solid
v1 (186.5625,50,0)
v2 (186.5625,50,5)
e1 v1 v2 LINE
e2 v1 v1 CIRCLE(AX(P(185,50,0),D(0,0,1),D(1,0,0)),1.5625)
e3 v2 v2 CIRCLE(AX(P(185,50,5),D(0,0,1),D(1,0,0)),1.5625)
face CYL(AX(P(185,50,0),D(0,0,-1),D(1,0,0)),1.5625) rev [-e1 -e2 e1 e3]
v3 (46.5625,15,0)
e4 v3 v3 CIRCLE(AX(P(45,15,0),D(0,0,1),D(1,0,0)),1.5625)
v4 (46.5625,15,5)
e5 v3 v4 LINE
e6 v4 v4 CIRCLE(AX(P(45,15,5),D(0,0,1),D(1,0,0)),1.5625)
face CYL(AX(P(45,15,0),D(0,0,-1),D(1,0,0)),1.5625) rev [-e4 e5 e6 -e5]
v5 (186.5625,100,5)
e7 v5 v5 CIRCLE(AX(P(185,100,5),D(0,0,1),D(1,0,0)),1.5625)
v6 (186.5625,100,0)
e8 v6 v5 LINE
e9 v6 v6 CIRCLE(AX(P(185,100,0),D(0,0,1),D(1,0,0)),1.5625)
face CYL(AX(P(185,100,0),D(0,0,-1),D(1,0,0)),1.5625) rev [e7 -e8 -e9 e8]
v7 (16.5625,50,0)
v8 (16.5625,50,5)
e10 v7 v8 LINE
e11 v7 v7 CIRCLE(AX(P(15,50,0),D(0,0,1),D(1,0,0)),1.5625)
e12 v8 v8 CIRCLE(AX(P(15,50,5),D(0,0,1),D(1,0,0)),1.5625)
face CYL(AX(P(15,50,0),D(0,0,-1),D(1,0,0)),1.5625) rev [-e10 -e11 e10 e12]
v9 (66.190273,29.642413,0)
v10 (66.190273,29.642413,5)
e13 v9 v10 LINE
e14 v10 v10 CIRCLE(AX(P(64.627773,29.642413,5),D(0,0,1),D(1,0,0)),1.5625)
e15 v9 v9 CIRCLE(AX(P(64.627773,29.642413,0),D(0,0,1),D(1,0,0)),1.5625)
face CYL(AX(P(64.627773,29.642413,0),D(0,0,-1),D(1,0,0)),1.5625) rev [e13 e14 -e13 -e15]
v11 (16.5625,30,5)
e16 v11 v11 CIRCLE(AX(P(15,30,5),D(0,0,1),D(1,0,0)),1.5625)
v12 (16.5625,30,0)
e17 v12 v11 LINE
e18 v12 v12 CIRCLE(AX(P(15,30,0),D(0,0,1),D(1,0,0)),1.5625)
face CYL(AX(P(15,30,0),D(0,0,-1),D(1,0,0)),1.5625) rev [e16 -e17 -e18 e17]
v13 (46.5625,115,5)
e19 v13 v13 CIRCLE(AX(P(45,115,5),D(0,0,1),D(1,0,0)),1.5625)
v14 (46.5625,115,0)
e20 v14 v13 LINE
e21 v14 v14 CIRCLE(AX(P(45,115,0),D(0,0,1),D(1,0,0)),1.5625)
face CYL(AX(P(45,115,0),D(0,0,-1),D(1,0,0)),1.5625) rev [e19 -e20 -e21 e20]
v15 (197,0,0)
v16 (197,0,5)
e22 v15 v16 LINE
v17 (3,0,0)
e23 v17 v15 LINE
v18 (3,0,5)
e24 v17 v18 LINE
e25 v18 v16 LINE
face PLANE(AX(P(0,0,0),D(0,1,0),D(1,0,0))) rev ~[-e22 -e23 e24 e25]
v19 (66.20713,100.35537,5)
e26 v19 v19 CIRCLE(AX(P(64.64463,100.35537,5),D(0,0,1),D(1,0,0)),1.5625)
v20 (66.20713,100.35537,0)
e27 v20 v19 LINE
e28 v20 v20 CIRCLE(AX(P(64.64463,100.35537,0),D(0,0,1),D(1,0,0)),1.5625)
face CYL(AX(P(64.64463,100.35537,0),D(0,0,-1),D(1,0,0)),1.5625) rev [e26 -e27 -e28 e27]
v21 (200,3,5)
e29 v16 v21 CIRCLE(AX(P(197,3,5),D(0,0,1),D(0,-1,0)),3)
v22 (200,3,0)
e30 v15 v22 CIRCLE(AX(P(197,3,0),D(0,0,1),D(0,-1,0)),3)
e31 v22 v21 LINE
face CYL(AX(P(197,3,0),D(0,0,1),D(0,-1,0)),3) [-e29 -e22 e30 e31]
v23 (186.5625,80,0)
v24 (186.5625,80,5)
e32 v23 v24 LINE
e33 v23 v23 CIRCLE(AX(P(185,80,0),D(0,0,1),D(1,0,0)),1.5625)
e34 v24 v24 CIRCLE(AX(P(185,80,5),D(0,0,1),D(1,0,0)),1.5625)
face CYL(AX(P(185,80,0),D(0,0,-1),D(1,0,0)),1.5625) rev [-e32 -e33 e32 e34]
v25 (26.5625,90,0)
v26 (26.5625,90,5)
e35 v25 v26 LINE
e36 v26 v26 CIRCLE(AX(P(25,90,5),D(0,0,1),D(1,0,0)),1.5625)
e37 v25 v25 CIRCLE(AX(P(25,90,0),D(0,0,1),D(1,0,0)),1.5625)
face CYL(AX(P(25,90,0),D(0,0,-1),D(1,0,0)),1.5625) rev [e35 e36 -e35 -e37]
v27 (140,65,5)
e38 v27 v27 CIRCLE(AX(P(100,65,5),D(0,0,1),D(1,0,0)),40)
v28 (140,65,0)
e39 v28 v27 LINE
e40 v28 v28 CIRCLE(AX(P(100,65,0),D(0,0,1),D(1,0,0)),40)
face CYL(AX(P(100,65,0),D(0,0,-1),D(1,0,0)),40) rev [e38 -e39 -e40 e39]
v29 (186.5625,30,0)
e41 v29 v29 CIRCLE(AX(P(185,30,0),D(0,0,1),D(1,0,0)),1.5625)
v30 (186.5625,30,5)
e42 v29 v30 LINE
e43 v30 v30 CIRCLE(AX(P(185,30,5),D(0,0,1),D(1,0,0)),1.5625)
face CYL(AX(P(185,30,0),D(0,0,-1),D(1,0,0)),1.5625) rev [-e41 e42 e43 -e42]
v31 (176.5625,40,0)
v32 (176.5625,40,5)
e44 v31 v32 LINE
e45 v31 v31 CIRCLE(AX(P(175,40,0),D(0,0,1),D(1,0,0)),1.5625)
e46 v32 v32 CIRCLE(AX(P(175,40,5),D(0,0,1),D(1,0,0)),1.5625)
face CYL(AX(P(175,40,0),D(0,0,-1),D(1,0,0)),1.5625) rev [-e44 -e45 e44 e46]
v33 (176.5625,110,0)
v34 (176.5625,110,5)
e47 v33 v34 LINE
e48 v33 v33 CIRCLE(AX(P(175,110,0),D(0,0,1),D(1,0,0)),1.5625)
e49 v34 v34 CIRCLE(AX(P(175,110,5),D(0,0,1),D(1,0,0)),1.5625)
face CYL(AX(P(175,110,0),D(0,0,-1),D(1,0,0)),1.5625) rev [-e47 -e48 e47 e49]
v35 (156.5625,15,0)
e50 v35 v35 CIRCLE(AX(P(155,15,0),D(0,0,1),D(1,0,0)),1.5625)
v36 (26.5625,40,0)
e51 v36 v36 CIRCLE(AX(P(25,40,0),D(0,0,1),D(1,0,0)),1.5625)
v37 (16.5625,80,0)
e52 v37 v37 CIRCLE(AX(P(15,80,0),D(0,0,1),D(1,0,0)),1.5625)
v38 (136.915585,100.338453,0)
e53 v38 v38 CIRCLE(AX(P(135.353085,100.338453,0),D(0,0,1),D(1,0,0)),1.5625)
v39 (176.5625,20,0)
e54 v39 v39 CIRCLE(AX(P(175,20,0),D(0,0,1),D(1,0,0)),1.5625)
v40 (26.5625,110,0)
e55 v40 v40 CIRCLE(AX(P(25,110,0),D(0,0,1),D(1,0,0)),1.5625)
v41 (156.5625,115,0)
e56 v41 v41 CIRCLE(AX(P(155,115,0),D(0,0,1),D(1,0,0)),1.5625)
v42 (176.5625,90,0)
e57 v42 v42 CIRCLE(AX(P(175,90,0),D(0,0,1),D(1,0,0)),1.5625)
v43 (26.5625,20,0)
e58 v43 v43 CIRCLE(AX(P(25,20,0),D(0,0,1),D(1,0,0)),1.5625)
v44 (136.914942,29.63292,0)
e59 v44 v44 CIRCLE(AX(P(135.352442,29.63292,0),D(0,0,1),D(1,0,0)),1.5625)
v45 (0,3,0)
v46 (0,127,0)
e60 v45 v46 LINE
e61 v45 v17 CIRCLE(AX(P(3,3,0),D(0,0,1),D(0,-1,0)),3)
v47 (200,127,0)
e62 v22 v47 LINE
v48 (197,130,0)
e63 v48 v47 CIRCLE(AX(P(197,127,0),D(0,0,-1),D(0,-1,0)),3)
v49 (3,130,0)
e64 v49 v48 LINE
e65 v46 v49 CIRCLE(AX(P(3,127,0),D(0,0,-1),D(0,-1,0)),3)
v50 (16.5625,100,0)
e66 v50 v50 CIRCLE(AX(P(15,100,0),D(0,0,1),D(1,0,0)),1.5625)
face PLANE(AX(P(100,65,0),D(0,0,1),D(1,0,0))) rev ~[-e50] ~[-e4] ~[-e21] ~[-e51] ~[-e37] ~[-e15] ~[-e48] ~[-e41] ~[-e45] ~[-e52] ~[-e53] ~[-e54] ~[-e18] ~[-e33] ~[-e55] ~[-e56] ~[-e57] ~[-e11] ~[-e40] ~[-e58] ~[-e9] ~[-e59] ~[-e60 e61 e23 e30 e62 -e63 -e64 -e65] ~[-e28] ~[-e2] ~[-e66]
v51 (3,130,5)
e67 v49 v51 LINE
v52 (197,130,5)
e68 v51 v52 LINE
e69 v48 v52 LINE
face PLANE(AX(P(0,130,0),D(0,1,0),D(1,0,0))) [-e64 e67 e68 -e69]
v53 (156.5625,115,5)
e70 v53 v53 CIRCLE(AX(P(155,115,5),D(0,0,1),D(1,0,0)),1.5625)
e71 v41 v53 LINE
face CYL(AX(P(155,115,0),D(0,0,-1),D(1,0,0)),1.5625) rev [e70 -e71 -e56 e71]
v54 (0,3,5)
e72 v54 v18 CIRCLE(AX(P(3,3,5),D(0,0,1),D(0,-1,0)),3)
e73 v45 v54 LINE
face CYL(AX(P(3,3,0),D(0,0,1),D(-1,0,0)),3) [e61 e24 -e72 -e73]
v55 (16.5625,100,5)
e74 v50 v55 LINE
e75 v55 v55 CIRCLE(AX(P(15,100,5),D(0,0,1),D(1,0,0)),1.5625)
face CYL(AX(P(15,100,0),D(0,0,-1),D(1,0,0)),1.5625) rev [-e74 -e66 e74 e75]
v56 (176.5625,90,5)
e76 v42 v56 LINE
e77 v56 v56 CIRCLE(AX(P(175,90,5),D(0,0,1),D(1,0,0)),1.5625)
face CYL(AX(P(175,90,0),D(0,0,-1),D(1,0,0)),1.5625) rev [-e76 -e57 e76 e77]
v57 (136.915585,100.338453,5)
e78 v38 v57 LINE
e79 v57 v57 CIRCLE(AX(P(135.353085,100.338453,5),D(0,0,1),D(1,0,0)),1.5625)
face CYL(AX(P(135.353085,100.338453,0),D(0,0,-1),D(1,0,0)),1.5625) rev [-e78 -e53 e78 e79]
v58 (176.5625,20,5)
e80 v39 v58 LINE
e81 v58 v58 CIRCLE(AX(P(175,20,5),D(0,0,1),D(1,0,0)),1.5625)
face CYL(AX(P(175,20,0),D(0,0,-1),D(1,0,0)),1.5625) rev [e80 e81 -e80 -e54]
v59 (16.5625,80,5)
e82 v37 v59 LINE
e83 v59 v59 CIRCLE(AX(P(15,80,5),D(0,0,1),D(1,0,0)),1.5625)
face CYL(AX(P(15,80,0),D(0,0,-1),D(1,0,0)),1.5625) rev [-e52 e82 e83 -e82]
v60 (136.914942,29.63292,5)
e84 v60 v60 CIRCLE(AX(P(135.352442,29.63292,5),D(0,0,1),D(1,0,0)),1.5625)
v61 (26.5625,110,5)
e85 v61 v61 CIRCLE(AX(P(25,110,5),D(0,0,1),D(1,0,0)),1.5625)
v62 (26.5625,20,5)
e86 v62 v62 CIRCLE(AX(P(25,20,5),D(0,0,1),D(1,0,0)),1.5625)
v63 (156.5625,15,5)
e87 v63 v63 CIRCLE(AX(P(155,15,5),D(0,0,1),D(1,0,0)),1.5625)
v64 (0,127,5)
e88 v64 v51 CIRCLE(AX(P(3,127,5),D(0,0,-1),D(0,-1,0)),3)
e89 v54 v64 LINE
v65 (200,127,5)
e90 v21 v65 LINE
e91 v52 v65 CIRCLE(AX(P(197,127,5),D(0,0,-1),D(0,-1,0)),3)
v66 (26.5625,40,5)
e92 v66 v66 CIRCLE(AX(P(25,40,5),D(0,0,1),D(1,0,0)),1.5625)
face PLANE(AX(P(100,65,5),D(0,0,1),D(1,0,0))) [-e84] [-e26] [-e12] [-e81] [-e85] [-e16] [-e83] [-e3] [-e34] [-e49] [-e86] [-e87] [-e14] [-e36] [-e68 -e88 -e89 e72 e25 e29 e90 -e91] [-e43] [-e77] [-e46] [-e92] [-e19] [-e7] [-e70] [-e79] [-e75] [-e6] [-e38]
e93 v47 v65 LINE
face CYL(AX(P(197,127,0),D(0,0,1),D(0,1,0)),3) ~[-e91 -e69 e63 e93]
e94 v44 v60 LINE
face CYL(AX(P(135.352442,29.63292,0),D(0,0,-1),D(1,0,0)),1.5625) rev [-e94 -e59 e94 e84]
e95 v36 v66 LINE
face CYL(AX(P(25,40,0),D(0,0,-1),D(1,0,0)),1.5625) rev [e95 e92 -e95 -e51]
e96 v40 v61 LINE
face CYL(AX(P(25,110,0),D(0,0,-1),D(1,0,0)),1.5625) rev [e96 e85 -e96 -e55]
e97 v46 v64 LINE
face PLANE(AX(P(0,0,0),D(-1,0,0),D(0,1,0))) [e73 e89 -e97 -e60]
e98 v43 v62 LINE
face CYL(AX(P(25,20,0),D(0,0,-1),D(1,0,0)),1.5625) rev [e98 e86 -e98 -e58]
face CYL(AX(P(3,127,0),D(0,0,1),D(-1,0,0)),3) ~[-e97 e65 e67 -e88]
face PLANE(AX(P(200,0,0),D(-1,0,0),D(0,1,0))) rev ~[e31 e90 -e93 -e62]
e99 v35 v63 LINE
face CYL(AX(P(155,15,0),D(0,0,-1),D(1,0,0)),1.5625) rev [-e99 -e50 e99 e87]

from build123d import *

# Parameters (mm, degrees)
SKETCH_W   = 200
SKETCH_H   = 130
SKETCH_R   = 40
SKETCH_R_2 = 1.5625
PAD_DEPTH  = 5
FILLET_R   = 3


with BuildPart() as part:
    # Sketch → Pad (new body)
    with BuildSketch(Plane.XY):
        with Locations((100, 65)):
            Rectangle(SKETCH_W, SKETCH_H)
        with Locations((100, 65)):
            Circle(SKETCH_R, mode=Mode.SUBTRACT)
        with Locations((45, 115)):
            Circle(SKETCH_R_2, mode=Mode.SUBTRACT)
        with Locations((45, 15)):
            Circle(SKETCH_R_2, mode=Mode.SUBTRACT)
        with Locations((155, 115)):
            Circle(SKETCH_R_2, mode=Mode.SUBTRACT)
        with Locations((155, 15)):
            Circle(SKETCH_R_2, mode=Mode.SUBTRACT)
        with Locations((185, 30)):
            Circle(SKETCH_R_2, mode=Mode.SUBTRACT)
        with Locations((135.353085, 100.338453)):
            Circle(SKETCH_R_2, mode=Mode.SUBTRACT)
        with Locations((64.627773, 29.642413)):
            Circle(SKETCH_R_2, mode=Mode.SUBTRACT)
        with Locations((64.64463, 100.35537)):
            Circle(SKETCH_R_2, mode=Mode.SUBTRACT)
        with Locations((135.352442, 29.63292)):
            Circle(SKETCH_R_2, mode=Mode.SUBTRACT)
        with Locations((175, 20)):
            Circle(SKETCH_R_2, mode=Mode.SUBTRACT)
        with Locations((175, 40)):
            Circle(SKETCH_R_2, mode=Mode.SUBTRACT)
        with Locations((185, 50)):
            Circle(SKETCH_R_2, mode=Mode.SUBTRACT)
        with Locations((175, 90)):
            Circle(SKETCH_R_2, mode=Mode.SUBTRACT)
        with Locations((175, 110)):
            Circle(SKETCH_R_2, mode=Mode.SUBTRACT)
        with Locations((185, 80)):
            Circle(SKETCH_R_2, mode=Mode.SUBTRACT)
        with Locations((185, 100)):
            Circle(SKETCH_R_2, mode=Mode.SUBTRACT)
        with Locations((15, 30)):
            Circle(SKETCH_R_2, mode=Mode.SUBTRACT)
        with Locations((25, 20)):
            Circle(SKETCH_R_2, mode=Mode.SUBTRACT)
        with Locations((25, 40)):
            Circle(SKETCH_R_2, mode=Mode.SUBTRACT)
        with Locations((15, 50)):
            Circle(SKETCH_R_2, mode=Mode.SUBTRACT)
        with Locations((25, 90)):
            Circle(SKETCH_R_2, mode=Mode.SUBTRACT)
        with Locations((25, 110)):
            Circle(SKETCH_R_2, mode=Mode.SUBTRACT)
        with Locations((15, 80)):
            Circle(SKETCH_R_2, mode=Mode.SUBTRACT)
        with Locations((15, 100)):
            Circle(SKETCH_R_2, mode=Mode.SUBTRACT)
    extrude(amount=PAD_DEPTH)

    # Fillet
    fillet_edges = [part.edges().sort_by_distance(p)[0] for p in [
        (0, 0, 2.5),
        (200, 0, 2.5),
        (200, 130, 2.5),
        (0, 130, 2.5),
    ]]
    fillet(fillet_edges, radius=FILLET_R)


solid = part.part
